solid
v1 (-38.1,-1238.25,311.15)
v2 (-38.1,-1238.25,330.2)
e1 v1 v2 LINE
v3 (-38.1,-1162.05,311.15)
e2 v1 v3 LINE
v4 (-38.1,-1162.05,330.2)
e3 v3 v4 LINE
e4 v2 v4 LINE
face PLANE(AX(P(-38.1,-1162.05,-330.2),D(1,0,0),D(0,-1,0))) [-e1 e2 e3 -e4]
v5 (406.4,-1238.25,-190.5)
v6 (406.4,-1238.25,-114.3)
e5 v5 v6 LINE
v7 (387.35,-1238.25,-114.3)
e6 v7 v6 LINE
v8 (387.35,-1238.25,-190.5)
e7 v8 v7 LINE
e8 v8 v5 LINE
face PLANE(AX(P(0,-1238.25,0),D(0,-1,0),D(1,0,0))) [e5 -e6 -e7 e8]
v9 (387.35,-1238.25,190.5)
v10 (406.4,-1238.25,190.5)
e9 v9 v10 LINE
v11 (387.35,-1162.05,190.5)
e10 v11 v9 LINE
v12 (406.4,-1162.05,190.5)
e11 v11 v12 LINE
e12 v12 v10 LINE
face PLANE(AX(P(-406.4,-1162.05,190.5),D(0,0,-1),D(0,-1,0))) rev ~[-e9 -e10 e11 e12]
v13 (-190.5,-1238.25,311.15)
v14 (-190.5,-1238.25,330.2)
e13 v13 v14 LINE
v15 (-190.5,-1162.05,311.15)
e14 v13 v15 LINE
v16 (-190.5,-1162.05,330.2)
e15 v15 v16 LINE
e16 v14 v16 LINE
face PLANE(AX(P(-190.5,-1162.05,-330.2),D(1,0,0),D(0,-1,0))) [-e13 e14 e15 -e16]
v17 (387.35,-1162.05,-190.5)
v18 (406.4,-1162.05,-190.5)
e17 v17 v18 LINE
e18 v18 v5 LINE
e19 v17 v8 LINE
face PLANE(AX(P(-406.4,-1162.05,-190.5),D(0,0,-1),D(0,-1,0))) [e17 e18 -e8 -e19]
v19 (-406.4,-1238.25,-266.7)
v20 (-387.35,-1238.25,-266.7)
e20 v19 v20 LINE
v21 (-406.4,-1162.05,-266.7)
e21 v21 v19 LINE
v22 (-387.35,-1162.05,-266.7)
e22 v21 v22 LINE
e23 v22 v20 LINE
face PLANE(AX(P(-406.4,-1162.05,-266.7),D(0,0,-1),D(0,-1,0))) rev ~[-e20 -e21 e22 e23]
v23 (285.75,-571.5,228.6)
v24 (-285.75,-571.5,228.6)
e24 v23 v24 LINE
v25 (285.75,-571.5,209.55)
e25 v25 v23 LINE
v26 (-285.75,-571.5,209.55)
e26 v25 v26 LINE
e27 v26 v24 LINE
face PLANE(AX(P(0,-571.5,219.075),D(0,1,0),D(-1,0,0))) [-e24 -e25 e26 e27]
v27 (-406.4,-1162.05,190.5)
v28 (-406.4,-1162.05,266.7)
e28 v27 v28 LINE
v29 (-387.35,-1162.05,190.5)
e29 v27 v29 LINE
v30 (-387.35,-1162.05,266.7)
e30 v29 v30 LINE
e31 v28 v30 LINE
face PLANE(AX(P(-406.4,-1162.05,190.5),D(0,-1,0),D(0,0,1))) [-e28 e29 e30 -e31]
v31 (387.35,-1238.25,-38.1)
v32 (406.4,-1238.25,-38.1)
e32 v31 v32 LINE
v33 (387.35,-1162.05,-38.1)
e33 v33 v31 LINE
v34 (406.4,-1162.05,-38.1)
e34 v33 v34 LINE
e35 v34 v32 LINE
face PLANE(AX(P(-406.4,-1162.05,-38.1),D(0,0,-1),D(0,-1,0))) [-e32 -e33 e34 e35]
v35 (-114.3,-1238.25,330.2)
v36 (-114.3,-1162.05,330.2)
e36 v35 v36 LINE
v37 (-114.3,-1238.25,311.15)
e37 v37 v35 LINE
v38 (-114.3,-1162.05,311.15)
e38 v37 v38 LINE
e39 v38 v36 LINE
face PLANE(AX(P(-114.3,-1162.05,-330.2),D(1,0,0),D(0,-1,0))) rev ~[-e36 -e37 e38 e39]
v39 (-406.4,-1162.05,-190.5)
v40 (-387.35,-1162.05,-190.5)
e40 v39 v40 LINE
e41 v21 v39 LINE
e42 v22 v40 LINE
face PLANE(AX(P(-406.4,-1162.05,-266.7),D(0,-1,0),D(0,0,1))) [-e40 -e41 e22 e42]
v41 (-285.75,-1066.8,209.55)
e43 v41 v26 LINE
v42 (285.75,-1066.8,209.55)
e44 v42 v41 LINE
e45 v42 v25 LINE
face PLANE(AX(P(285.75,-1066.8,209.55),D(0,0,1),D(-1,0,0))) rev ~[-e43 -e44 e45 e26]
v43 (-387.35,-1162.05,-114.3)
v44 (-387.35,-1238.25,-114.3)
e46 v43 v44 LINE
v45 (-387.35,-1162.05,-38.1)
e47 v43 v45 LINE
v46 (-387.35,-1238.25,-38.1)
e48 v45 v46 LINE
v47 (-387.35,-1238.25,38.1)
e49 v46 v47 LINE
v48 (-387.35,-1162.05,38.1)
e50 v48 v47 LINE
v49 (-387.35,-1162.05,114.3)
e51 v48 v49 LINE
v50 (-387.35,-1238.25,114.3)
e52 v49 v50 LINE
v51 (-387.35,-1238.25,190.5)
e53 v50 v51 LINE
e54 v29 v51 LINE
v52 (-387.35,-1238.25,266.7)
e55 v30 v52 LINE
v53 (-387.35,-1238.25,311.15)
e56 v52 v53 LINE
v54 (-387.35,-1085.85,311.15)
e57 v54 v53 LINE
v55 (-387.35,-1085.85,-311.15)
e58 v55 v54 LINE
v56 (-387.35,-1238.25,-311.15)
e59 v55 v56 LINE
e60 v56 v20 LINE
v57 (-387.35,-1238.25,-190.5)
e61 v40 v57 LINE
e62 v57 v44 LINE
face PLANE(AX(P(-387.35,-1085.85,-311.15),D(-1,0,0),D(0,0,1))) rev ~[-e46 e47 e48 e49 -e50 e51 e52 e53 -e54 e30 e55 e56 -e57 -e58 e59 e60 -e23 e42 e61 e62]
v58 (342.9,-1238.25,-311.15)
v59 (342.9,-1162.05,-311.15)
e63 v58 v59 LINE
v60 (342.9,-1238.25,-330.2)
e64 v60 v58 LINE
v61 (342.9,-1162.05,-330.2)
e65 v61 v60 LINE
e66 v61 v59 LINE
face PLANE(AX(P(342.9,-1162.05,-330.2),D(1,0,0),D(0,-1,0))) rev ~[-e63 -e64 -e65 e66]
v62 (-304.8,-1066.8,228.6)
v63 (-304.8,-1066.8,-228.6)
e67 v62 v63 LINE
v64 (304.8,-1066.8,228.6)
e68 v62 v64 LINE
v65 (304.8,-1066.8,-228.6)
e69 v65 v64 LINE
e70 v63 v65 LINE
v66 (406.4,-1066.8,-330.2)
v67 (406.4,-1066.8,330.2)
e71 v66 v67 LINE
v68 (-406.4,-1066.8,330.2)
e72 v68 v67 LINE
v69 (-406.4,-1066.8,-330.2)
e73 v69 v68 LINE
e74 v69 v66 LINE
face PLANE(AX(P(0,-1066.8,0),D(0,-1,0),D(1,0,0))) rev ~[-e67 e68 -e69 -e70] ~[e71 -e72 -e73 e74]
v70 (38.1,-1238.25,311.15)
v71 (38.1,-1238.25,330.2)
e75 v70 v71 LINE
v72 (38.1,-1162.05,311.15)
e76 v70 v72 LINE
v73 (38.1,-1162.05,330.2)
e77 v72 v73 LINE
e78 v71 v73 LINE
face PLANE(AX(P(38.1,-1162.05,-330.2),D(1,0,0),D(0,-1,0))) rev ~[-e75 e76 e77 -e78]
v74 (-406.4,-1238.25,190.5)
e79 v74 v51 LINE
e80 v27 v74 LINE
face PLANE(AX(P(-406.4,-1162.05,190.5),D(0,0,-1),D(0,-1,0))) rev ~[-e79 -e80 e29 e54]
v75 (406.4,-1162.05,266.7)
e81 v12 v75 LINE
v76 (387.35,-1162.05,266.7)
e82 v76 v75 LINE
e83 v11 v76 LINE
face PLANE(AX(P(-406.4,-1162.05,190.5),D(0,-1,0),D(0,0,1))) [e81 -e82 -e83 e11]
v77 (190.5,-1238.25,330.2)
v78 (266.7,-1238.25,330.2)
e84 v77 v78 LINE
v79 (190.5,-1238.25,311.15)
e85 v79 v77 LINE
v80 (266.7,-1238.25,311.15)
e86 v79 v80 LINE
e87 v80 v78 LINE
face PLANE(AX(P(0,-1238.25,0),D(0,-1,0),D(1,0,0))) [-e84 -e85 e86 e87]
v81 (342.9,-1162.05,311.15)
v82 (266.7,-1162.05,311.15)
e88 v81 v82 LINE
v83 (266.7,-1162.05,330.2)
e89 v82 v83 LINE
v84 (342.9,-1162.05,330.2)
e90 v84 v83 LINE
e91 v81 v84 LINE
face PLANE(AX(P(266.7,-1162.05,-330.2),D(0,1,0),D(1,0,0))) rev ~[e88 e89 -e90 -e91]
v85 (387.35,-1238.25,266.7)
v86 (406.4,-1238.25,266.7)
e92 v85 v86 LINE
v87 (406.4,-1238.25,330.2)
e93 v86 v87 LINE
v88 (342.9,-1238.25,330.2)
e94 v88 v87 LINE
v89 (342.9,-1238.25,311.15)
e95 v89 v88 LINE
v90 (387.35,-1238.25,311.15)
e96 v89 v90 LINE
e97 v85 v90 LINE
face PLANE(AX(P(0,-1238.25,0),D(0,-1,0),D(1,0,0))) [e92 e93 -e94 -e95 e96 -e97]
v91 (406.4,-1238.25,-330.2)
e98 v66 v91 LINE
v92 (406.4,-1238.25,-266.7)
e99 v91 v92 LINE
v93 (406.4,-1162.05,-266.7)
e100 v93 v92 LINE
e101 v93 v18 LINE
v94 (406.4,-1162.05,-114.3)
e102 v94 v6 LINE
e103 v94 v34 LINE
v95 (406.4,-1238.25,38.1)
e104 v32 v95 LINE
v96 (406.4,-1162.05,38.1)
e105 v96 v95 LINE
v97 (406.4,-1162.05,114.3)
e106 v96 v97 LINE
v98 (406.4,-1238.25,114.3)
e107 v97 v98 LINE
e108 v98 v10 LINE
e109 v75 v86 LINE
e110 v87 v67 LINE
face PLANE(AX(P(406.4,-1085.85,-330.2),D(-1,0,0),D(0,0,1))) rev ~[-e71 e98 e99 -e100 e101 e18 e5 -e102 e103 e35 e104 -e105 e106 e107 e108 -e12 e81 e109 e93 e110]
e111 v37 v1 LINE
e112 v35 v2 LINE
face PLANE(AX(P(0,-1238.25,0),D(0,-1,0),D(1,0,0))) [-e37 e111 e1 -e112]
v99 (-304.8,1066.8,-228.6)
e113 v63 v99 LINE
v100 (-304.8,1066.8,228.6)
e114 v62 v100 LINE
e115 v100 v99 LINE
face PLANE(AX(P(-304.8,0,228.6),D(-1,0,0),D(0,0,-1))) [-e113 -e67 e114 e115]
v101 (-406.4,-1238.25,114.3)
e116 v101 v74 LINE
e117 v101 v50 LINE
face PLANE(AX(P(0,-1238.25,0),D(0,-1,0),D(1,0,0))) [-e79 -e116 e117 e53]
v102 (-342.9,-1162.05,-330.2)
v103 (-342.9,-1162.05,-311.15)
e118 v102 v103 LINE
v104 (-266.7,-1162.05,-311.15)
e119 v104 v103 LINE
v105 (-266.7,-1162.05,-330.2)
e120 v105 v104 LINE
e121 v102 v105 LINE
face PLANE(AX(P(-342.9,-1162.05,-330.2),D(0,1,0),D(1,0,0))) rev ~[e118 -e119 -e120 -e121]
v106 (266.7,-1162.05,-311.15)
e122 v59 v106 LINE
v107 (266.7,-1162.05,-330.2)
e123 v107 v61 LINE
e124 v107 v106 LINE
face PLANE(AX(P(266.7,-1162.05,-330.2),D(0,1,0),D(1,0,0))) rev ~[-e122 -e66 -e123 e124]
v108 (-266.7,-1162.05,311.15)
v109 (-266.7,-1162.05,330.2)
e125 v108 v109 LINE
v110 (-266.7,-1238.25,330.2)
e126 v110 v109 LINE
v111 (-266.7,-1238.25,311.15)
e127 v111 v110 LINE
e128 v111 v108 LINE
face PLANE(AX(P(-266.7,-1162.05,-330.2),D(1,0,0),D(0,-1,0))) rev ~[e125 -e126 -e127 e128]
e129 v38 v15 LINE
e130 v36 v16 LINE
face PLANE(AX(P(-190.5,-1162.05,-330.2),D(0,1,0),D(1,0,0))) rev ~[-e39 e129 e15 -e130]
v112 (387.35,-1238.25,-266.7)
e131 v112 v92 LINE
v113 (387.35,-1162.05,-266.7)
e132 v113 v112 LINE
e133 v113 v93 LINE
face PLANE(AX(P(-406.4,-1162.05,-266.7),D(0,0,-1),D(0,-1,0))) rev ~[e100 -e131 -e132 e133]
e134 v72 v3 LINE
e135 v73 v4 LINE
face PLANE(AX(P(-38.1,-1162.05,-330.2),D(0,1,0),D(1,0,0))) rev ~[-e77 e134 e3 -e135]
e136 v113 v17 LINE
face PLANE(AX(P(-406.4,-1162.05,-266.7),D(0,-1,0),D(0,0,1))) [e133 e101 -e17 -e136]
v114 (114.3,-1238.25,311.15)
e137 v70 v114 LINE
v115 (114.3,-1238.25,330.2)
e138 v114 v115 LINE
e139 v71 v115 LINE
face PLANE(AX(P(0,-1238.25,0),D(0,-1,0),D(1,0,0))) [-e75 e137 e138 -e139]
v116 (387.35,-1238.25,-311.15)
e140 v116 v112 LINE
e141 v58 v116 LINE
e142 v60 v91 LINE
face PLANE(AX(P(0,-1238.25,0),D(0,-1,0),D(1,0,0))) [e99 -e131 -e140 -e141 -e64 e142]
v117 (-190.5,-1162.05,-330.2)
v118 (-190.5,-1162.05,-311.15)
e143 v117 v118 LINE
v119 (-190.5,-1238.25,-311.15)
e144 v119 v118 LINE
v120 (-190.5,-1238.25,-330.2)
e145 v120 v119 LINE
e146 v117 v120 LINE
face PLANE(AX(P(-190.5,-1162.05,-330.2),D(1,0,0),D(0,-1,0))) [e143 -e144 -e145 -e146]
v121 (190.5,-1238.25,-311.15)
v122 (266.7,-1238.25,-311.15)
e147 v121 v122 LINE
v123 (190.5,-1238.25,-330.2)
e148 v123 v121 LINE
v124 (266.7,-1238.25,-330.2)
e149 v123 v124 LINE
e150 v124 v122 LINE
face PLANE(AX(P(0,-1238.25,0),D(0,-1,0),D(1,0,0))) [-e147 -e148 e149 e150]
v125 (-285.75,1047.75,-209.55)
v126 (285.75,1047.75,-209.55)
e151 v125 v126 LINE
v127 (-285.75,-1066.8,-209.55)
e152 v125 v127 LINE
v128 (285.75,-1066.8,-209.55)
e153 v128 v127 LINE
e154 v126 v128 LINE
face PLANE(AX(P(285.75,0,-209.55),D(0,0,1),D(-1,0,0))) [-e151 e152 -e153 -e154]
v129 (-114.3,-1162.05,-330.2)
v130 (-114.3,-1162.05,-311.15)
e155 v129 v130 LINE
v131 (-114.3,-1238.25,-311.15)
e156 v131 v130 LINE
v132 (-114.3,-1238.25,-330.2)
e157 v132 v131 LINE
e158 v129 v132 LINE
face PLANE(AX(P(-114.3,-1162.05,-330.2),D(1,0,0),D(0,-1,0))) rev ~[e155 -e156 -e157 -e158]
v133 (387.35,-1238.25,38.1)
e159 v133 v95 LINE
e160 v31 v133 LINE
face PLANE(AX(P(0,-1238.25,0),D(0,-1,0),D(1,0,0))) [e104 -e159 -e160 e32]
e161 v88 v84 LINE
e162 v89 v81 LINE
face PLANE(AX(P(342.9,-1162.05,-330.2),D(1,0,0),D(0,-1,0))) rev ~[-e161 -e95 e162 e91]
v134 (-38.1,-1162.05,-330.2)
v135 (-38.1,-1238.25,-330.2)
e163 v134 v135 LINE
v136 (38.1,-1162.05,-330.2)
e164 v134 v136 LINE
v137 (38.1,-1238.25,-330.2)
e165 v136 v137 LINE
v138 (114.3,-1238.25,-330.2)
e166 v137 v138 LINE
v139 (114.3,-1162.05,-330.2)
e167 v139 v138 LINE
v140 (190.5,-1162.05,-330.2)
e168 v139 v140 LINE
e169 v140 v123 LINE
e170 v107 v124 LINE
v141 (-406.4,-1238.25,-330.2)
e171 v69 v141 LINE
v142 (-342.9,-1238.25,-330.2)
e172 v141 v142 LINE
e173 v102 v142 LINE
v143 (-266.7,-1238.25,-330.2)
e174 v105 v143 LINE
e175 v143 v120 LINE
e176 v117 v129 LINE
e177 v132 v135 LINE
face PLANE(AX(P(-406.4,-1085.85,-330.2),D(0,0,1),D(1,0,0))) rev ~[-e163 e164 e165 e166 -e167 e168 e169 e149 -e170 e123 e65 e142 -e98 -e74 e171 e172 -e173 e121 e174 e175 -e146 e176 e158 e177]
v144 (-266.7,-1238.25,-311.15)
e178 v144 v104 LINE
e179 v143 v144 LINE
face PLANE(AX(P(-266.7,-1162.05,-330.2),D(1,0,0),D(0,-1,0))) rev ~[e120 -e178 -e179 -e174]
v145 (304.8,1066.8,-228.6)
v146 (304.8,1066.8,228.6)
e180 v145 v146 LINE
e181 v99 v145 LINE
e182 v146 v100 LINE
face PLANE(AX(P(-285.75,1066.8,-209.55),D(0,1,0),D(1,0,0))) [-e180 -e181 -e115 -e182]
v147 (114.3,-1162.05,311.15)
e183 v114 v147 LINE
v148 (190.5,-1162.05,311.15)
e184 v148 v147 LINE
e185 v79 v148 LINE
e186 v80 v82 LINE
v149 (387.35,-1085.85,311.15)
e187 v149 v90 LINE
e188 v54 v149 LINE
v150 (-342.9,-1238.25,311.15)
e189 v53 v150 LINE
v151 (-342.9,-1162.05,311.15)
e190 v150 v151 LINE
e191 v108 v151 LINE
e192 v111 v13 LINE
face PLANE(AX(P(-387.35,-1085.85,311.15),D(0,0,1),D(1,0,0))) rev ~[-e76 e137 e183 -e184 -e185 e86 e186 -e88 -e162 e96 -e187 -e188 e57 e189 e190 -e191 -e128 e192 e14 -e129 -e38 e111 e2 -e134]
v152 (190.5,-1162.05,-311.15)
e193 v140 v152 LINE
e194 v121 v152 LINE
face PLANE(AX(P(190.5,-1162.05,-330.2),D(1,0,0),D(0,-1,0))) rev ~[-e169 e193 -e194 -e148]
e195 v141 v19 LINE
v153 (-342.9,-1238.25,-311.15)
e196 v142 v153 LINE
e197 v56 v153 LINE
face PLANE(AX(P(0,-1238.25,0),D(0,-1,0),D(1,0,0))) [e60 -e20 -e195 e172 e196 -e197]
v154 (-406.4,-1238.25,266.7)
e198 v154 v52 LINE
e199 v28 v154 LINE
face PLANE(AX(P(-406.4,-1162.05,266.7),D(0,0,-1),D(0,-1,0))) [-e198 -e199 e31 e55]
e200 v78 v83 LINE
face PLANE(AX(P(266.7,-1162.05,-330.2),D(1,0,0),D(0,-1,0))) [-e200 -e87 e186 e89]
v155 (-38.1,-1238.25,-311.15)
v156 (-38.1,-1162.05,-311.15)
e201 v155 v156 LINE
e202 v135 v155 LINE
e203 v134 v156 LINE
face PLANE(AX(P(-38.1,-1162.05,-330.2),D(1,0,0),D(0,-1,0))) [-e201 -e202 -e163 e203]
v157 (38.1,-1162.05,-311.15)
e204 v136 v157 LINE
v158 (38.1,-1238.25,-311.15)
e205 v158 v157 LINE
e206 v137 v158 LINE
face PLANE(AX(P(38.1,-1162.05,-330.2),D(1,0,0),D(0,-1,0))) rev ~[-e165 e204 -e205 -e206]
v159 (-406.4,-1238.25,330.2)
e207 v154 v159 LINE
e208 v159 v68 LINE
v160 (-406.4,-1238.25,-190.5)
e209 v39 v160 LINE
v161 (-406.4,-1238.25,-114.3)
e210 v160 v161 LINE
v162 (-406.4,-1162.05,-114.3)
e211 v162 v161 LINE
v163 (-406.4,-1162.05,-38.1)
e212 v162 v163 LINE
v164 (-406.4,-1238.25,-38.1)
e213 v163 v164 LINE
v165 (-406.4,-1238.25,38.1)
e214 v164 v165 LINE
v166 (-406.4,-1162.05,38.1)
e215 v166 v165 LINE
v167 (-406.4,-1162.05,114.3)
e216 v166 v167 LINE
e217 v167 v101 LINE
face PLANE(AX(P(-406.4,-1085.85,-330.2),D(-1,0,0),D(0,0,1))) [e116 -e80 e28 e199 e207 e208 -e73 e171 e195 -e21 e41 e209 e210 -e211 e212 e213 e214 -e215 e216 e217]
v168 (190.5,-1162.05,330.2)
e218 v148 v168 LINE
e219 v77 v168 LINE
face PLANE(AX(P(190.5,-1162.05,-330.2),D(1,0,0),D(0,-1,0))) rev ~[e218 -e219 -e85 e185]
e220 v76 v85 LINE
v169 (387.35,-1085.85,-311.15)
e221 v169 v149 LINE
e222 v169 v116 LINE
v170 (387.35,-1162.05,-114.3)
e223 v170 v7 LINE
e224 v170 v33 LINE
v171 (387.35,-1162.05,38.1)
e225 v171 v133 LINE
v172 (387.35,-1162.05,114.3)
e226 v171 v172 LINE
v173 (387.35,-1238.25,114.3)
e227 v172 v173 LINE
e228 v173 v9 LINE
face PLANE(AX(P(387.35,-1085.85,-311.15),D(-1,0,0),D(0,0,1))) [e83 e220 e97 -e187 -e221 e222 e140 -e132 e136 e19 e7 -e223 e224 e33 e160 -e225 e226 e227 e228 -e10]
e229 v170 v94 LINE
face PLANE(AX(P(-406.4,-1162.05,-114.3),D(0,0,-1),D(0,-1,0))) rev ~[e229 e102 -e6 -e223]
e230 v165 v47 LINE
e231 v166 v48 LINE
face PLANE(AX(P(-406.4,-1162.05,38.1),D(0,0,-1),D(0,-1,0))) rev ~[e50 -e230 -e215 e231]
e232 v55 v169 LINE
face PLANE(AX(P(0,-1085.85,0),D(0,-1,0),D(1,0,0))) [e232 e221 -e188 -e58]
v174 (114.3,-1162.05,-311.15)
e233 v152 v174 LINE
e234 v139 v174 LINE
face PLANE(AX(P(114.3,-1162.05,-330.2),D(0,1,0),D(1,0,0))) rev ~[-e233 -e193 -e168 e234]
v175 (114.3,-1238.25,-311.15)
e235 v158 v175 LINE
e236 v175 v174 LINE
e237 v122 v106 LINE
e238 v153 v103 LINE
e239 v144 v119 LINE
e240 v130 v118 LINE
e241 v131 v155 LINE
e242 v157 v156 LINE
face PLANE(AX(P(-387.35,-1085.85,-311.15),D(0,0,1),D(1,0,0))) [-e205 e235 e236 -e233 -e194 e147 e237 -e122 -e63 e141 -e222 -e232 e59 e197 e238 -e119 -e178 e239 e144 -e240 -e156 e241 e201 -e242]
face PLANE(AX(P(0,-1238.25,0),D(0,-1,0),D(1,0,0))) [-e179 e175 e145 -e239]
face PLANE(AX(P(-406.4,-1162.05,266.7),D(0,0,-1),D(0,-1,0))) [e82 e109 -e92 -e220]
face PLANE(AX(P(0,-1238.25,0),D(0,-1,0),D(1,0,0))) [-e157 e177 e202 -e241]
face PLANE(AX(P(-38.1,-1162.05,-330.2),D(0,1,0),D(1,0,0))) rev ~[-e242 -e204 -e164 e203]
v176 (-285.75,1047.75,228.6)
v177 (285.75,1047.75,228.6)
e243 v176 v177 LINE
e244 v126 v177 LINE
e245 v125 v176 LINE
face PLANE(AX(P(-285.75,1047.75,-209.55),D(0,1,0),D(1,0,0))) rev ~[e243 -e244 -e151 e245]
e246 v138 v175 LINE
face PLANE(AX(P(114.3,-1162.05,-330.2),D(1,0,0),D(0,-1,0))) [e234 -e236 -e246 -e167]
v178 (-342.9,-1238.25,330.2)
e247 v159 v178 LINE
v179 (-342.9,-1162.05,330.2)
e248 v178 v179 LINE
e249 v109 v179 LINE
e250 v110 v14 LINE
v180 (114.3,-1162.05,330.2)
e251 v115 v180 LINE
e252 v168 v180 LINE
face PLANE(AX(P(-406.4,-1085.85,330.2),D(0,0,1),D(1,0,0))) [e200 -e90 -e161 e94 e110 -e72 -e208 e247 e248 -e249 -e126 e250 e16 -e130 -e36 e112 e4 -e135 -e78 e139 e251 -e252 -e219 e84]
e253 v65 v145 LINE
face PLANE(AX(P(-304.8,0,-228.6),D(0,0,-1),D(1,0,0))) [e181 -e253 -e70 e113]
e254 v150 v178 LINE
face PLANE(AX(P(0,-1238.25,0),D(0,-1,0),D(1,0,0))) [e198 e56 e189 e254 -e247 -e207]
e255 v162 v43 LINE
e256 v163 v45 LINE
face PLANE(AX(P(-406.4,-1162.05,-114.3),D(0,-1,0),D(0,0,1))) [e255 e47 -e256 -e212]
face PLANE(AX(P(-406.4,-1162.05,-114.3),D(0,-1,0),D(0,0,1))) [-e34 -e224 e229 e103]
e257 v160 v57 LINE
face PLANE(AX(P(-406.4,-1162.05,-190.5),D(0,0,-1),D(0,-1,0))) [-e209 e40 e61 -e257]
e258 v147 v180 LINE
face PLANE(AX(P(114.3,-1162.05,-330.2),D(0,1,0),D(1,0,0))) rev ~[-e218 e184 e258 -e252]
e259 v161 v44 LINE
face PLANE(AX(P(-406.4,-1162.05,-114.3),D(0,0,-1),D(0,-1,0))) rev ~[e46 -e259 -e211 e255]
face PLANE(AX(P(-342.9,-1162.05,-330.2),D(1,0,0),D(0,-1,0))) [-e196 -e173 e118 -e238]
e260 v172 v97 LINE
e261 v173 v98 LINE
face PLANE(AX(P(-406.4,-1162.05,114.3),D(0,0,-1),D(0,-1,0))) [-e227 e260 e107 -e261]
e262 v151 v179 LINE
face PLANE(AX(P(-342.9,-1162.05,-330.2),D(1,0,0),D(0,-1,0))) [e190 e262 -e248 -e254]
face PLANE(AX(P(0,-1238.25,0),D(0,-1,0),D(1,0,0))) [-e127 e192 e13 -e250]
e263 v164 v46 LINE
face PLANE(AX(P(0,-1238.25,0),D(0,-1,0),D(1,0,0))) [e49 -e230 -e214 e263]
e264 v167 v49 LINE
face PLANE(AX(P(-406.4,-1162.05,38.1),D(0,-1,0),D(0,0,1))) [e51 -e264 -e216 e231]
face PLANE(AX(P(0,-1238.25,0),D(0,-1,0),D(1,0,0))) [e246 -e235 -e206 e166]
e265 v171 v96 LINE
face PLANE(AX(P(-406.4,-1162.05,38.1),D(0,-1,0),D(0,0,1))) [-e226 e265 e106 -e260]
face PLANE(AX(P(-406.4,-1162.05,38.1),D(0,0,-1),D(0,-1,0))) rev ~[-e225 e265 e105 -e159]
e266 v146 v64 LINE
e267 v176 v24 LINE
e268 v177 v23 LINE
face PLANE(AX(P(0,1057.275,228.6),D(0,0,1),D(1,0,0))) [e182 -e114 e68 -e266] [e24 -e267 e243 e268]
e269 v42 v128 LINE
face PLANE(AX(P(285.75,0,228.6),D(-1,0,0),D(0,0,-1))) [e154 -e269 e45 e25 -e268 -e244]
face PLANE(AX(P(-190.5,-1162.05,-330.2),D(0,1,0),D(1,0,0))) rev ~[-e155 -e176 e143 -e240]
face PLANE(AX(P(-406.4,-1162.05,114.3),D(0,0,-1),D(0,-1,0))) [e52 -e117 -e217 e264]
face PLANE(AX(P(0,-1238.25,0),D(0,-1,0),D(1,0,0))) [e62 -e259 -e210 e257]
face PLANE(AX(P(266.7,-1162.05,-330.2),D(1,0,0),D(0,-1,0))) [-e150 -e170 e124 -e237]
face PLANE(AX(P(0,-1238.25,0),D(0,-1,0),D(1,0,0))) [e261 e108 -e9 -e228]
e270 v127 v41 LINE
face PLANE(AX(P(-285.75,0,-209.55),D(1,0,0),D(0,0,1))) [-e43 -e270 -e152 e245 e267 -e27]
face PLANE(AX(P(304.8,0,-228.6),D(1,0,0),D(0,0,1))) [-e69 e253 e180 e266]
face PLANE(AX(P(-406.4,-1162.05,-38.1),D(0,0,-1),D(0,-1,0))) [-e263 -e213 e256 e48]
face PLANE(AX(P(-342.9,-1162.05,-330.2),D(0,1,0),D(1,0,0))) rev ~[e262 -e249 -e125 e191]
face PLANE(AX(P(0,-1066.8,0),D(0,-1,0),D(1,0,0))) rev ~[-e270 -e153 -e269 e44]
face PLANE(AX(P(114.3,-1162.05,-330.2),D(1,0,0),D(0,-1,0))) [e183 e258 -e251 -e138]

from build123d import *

# Parameters (mm, degrees)
F1_DEPTH  = 1066.8
F2_W      = 812.8
F2_H      = 660.4
F3_DEPTH  = 19.05
F4_W      = 812.8
F4_H      = 660.4
F4_W_2    = 774.7
F4_H_2    = 622.3
F5_DEPTH  = 152.4
F6_W      = 76.2
F6_H      = 76.2
F7_DEPTH  = 660.401
F8_W      = 76.2
F8_H      = 76.2
F9_DEPTH  = 812.801
F10_W     = 571.5
F10_H     = 19.05
F11_DEPTH = 438.15
F12_W     = 571.5
F12_H     = 19.05
F13_DEPTH = 495.3


with BuildPart() as f1:
    # F0 (on Front) → F1 (new body, symmetric)
    with BuildSketch(Plane.XZ):
        Polygon((304.8, -228.6), (304.8, 228.6), (285.75, 228.6), (285.75, 209.55), (285.75, -209.55), (-285.75, -209.55), (-285.75, 209.55), (-285.75, 228.6), (-304.8, 228.6), (-304.8, -228.6), align=None)
    extrude(amount=F1_DEPTH, both=True)

    # F2 (on face) → F3 (join)
    with BuildSketch(Plane.XZ.offset(1066.8)):
        Rectangle(F2_W, F2_H)
    extrude(amount=F3_DEPTH)

    # F4 (on face) → F5 (join)
    with BuildSketch(Plane.XZ.offset(1085.85)):
        Rectangle(F4_W, F4_H)
        Rectangle(F4_W_2, F4_H_2, mode=Mode.SUBTRACT)
    extrude(amount=F5_DEPTH)

    # F6 (on face) → F7 (cut, through all)
    with BuildSketch(Plane(origin=(0, 0, -330.2), x_dir=(1, 0, 0), z_dir=(0, 0, -1))):
        with Locations((-304.8, 1200.15)):
            Rectangle(F6_W, F6_H)
        with Locations((-152.4, 1200.15)):
            Rectangle(F6_W, F6_H)
        with Locations((0, 1200.15)):
            Rectangle(F6_W, F6_H)
        with Locations((152.4, 1200.15)):
            Rectangle(F6_W, F6_H)
        with Locations((304.8, 1200.15)):
            Rectangle(F6_W, F6_H)
    extrude(amount=-F7_DEPTH, mode=Mode.SUBTRACT)

    # F8 (on face) → F9 (cut, through all)
    with BuildSketch(Plane(origin=(-406.4, 0, 0), x_dir=(0, -1, 0), z_dir=(-1, 0, 0))):
        with Locations((1200.15, 228.6)):
            Rectangle(F8_W, F8_H)
        with Locations((1200.15, 76.2)):
            Rectangle(F8_W, F8_H)
        with Locations((1200.15, -76.2)):
            Rectangle(F8_W, F8_H)
        with Locations((1200.15, -228.6)):
            Rectangle(F8_W, F8_H)
    extrude(amount=-F9_DEPTH, mode=Mode.SUBTRACT)

    # F10 (on face) → F11 (join, through all)
    with BuildSketch(Plane.XY.offset(-209.55)):
        with Locations((0, 1057.275)):
            Rectangle(F10_W, F10_H)
    extrude(amount=F11_DEPTH)

    # F12 (on face) → F13 (join)
    with BuildSketch(Plane(origin=(0, -1066.8, 0), x_dir=(-1, 0, 0), z_dir=(0, 1, 0))):
        with Locations((0, 219.075)):
            Rectangle(F12_W, F12_H)
    extrude(amount=F13_DEPTH)


solid = f1.part
